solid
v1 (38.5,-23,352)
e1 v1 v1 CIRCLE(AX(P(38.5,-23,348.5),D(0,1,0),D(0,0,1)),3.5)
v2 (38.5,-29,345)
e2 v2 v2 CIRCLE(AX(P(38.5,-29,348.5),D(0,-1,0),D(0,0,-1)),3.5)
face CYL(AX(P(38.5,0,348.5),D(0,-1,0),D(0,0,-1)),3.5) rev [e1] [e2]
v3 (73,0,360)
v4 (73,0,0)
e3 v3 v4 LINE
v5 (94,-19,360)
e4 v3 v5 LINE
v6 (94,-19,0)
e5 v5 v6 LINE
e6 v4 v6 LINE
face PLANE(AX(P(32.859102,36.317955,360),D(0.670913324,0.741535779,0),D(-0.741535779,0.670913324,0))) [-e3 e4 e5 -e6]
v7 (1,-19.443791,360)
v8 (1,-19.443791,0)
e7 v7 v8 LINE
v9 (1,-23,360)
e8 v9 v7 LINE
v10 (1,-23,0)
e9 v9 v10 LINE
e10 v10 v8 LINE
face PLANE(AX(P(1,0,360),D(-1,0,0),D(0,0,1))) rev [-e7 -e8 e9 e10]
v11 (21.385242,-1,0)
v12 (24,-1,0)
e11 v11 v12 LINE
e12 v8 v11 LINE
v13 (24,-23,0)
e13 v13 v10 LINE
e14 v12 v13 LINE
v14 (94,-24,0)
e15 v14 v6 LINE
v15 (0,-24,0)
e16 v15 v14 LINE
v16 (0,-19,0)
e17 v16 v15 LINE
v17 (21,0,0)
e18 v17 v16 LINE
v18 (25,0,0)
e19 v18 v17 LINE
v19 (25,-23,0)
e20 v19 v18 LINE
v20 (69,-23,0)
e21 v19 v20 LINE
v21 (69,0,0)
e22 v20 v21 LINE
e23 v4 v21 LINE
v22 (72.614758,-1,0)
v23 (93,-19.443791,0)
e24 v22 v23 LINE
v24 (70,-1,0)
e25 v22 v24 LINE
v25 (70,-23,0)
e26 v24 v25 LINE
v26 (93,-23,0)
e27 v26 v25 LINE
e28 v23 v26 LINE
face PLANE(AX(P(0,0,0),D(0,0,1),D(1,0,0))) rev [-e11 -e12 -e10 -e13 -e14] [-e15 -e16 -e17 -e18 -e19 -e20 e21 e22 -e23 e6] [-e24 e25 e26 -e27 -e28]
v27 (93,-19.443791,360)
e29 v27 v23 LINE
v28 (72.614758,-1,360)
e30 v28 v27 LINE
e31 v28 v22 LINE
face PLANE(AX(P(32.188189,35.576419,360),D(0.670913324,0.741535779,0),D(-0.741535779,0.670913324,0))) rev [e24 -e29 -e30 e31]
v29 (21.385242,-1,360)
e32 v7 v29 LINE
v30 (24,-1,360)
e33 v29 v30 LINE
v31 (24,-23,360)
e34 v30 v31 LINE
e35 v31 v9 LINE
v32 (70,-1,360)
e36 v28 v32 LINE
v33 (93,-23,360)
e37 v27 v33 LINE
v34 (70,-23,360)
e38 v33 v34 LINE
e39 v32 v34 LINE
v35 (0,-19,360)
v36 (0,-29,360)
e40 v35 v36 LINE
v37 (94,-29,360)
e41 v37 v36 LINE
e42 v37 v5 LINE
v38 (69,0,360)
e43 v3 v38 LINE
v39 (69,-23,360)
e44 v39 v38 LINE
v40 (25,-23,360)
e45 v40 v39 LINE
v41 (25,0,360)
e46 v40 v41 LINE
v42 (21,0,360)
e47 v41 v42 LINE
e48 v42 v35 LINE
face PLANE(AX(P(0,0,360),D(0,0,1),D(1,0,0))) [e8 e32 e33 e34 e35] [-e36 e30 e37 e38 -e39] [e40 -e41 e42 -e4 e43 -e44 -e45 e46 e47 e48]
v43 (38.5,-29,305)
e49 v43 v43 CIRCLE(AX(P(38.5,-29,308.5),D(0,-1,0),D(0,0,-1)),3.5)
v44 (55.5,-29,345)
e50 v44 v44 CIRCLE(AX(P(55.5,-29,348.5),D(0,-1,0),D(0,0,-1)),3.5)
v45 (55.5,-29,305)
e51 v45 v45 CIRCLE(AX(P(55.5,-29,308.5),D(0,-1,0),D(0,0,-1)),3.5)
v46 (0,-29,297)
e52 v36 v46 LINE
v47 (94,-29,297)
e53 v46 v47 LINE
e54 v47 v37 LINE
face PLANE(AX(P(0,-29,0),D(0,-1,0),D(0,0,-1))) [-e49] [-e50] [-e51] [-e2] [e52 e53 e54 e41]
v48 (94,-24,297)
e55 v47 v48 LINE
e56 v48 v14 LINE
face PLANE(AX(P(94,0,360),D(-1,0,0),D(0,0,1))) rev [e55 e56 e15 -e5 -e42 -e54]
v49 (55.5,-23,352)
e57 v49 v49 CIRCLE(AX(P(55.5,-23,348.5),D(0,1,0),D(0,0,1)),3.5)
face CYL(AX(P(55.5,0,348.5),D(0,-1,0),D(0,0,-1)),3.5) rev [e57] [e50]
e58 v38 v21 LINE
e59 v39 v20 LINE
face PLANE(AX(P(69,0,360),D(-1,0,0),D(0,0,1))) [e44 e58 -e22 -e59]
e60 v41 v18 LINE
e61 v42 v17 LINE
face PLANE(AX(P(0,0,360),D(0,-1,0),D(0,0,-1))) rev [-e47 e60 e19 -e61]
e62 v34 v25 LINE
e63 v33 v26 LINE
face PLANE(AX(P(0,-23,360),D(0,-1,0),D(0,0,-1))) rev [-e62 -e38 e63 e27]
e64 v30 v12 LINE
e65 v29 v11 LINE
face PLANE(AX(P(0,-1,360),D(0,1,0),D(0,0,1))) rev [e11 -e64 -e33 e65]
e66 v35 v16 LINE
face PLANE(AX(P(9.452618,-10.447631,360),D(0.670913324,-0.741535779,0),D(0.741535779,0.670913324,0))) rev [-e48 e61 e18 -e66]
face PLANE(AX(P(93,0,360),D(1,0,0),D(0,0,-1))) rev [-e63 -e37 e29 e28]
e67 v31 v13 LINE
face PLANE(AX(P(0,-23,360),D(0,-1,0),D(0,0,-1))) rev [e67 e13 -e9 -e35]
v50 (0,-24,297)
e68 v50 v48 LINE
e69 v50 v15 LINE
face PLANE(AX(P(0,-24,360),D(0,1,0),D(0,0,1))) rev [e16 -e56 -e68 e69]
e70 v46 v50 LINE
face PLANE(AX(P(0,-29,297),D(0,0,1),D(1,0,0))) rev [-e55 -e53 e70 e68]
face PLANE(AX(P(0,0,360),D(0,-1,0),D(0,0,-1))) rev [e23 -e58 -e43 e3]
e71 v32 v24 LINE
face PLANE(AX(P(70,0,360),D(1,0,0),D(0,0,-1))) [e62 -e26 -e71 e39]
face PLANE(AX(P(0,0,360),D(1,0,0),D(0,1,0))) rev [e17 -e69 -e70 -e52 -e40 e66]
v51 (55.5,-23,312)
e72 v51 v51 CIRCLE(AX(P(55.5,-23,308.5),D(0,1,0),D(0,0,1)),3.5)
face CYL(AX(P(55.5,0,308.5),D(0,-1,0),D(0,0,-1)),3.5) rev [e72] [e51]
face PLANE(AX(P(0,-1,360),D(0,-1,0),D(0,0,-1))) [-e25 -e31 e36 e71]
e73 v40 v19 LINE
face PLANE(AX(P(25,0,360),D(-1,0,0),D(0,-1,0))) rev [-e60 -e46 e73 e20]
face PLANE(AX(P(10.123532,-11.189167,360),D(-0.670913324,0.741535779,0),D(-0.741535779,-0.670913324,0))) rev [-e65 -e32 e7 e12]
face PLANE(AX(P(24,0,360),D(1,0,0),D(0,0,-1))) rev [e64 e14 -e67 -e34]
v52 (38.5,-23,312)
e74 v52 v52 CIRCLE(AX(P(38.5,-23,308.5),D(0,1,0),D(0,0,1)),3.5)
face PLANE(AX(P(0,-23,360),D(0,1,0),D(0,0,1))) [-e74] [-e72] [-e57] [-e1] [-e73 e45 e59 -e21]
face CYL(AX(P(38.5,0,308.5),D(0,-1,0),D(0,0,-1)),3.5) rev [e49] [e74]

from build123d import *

# Parameters (mm, degrees)
CROQUIS2_W              = 94
CROQUIS2_H              = 24
SALIENTE_EXTRUIR1_DEPTH = 360
CROQUIS4_W              = 44
CROQUIS4_H              = 23
CORTAR_EXTRUIR2_DEPTH   = 360
CORTAR_EXTRUIR3_DEPTH   = 360
CORTAR_EXTRUIR5_DEPTH   = 360
CROQUIS8_W              = 94
CROQUIS8_H              = 63
SALIENTE_EXTRUIR2_DEPTH = 5
CROQUIS9_R              = 3.5
CORTAR_EXTRUIR6_DEPTH   = 30


with BuildPart() as part:
    # Croquis2 → Saliente-Extruir1 (new body)
    with BuildSketch(Plane.XY):
        with Locations((47, -12)):
            Rectangle(CROQUIS2_W, CROQUIS2_H)
    extrude(amount=SALIENTE_EXTRUIR1_DEPTH)

    # Croquis4 → Cortar-Extruir2 (cut)
    with BuildSketch(Plane(origin=(0, 0, 0), x_dir=(-1, 0, 0), z_dir=(0, 0, -1))):
        Polygon((-94, 0), (-94, -19), (-73, 0), align=None)
        with Locations((-47, -11.5)):
            Rectangle(CROQUIS4_W, CROQUIS4_H)
        Polygon((0, 0), (-21, 0), (0, -19), align=None)
    extrude(amount=-CORTAR_EXTRUIR2_DEPTH, mode=Mode.SUBTRACT)

    # Croquis6 → Cortar-Extruir3 (cut)
    with BuildSketch(Plane(origin=(0, 0, 0), x_dir=(-1, 0, 0), z_dir=(0, 0, -1))):
        Polygon((-70, -23), (-70, -1), (-72.614757657, -1), (-93, -19.443790691), (-93, -23), align=None)
    extrude(amount=-CORTAR_EXTRUIR3_DEPTH, mode=Mode.SUBTRACT)

    # Croquis7 → Cortar-Extruir5 (cut)
    with BuildSketch(Plane(origin=(0, 0, 0), x_dir=(-1, 0, 0), z_dir=(0, 0, -1))):
        Polygon((-1, -19.443790691), (-21.385242343, -1), (-24, -1), (-24, -23), (-1, -23), align=None)
    extrude(amount=-CORTAR_EXTRUIR5_DEPTH, mode=Mode.SUBTRACT)

    # Croquis8 → Saliente-Extruir2 (add)
    with BuildSketch(Plane.XZ.offset(24)):
        with Locations((47, 328.5)):
            Rectangle(CROQUIS8_W, CROQUIS8_H)
    extrude(amount=SALIENTE_EXTRUIR2_DEPTH)

    # Croquis9 → Cortar-Extruir6 (cut, through all)
    with BuildSketch(Plane.XZ.offset(29)):
        with Locations((38.5, 348.5)):
            Circle(CROQUIS9_R)
        with Locations((55.5, 348.5)):
            Circle(CROQUIS9_R)
        with Locations((38.5, 308.5)):
            Circle(CROQUIS9_R)
        with Locations((55.5, 308.5)):
            Circle(CROQUIS9_R)
    extrude(amount=-CORTAR_EXTRUIR6_DEPTH, mode=Mode.SUBTRACT)


solid = part.part
